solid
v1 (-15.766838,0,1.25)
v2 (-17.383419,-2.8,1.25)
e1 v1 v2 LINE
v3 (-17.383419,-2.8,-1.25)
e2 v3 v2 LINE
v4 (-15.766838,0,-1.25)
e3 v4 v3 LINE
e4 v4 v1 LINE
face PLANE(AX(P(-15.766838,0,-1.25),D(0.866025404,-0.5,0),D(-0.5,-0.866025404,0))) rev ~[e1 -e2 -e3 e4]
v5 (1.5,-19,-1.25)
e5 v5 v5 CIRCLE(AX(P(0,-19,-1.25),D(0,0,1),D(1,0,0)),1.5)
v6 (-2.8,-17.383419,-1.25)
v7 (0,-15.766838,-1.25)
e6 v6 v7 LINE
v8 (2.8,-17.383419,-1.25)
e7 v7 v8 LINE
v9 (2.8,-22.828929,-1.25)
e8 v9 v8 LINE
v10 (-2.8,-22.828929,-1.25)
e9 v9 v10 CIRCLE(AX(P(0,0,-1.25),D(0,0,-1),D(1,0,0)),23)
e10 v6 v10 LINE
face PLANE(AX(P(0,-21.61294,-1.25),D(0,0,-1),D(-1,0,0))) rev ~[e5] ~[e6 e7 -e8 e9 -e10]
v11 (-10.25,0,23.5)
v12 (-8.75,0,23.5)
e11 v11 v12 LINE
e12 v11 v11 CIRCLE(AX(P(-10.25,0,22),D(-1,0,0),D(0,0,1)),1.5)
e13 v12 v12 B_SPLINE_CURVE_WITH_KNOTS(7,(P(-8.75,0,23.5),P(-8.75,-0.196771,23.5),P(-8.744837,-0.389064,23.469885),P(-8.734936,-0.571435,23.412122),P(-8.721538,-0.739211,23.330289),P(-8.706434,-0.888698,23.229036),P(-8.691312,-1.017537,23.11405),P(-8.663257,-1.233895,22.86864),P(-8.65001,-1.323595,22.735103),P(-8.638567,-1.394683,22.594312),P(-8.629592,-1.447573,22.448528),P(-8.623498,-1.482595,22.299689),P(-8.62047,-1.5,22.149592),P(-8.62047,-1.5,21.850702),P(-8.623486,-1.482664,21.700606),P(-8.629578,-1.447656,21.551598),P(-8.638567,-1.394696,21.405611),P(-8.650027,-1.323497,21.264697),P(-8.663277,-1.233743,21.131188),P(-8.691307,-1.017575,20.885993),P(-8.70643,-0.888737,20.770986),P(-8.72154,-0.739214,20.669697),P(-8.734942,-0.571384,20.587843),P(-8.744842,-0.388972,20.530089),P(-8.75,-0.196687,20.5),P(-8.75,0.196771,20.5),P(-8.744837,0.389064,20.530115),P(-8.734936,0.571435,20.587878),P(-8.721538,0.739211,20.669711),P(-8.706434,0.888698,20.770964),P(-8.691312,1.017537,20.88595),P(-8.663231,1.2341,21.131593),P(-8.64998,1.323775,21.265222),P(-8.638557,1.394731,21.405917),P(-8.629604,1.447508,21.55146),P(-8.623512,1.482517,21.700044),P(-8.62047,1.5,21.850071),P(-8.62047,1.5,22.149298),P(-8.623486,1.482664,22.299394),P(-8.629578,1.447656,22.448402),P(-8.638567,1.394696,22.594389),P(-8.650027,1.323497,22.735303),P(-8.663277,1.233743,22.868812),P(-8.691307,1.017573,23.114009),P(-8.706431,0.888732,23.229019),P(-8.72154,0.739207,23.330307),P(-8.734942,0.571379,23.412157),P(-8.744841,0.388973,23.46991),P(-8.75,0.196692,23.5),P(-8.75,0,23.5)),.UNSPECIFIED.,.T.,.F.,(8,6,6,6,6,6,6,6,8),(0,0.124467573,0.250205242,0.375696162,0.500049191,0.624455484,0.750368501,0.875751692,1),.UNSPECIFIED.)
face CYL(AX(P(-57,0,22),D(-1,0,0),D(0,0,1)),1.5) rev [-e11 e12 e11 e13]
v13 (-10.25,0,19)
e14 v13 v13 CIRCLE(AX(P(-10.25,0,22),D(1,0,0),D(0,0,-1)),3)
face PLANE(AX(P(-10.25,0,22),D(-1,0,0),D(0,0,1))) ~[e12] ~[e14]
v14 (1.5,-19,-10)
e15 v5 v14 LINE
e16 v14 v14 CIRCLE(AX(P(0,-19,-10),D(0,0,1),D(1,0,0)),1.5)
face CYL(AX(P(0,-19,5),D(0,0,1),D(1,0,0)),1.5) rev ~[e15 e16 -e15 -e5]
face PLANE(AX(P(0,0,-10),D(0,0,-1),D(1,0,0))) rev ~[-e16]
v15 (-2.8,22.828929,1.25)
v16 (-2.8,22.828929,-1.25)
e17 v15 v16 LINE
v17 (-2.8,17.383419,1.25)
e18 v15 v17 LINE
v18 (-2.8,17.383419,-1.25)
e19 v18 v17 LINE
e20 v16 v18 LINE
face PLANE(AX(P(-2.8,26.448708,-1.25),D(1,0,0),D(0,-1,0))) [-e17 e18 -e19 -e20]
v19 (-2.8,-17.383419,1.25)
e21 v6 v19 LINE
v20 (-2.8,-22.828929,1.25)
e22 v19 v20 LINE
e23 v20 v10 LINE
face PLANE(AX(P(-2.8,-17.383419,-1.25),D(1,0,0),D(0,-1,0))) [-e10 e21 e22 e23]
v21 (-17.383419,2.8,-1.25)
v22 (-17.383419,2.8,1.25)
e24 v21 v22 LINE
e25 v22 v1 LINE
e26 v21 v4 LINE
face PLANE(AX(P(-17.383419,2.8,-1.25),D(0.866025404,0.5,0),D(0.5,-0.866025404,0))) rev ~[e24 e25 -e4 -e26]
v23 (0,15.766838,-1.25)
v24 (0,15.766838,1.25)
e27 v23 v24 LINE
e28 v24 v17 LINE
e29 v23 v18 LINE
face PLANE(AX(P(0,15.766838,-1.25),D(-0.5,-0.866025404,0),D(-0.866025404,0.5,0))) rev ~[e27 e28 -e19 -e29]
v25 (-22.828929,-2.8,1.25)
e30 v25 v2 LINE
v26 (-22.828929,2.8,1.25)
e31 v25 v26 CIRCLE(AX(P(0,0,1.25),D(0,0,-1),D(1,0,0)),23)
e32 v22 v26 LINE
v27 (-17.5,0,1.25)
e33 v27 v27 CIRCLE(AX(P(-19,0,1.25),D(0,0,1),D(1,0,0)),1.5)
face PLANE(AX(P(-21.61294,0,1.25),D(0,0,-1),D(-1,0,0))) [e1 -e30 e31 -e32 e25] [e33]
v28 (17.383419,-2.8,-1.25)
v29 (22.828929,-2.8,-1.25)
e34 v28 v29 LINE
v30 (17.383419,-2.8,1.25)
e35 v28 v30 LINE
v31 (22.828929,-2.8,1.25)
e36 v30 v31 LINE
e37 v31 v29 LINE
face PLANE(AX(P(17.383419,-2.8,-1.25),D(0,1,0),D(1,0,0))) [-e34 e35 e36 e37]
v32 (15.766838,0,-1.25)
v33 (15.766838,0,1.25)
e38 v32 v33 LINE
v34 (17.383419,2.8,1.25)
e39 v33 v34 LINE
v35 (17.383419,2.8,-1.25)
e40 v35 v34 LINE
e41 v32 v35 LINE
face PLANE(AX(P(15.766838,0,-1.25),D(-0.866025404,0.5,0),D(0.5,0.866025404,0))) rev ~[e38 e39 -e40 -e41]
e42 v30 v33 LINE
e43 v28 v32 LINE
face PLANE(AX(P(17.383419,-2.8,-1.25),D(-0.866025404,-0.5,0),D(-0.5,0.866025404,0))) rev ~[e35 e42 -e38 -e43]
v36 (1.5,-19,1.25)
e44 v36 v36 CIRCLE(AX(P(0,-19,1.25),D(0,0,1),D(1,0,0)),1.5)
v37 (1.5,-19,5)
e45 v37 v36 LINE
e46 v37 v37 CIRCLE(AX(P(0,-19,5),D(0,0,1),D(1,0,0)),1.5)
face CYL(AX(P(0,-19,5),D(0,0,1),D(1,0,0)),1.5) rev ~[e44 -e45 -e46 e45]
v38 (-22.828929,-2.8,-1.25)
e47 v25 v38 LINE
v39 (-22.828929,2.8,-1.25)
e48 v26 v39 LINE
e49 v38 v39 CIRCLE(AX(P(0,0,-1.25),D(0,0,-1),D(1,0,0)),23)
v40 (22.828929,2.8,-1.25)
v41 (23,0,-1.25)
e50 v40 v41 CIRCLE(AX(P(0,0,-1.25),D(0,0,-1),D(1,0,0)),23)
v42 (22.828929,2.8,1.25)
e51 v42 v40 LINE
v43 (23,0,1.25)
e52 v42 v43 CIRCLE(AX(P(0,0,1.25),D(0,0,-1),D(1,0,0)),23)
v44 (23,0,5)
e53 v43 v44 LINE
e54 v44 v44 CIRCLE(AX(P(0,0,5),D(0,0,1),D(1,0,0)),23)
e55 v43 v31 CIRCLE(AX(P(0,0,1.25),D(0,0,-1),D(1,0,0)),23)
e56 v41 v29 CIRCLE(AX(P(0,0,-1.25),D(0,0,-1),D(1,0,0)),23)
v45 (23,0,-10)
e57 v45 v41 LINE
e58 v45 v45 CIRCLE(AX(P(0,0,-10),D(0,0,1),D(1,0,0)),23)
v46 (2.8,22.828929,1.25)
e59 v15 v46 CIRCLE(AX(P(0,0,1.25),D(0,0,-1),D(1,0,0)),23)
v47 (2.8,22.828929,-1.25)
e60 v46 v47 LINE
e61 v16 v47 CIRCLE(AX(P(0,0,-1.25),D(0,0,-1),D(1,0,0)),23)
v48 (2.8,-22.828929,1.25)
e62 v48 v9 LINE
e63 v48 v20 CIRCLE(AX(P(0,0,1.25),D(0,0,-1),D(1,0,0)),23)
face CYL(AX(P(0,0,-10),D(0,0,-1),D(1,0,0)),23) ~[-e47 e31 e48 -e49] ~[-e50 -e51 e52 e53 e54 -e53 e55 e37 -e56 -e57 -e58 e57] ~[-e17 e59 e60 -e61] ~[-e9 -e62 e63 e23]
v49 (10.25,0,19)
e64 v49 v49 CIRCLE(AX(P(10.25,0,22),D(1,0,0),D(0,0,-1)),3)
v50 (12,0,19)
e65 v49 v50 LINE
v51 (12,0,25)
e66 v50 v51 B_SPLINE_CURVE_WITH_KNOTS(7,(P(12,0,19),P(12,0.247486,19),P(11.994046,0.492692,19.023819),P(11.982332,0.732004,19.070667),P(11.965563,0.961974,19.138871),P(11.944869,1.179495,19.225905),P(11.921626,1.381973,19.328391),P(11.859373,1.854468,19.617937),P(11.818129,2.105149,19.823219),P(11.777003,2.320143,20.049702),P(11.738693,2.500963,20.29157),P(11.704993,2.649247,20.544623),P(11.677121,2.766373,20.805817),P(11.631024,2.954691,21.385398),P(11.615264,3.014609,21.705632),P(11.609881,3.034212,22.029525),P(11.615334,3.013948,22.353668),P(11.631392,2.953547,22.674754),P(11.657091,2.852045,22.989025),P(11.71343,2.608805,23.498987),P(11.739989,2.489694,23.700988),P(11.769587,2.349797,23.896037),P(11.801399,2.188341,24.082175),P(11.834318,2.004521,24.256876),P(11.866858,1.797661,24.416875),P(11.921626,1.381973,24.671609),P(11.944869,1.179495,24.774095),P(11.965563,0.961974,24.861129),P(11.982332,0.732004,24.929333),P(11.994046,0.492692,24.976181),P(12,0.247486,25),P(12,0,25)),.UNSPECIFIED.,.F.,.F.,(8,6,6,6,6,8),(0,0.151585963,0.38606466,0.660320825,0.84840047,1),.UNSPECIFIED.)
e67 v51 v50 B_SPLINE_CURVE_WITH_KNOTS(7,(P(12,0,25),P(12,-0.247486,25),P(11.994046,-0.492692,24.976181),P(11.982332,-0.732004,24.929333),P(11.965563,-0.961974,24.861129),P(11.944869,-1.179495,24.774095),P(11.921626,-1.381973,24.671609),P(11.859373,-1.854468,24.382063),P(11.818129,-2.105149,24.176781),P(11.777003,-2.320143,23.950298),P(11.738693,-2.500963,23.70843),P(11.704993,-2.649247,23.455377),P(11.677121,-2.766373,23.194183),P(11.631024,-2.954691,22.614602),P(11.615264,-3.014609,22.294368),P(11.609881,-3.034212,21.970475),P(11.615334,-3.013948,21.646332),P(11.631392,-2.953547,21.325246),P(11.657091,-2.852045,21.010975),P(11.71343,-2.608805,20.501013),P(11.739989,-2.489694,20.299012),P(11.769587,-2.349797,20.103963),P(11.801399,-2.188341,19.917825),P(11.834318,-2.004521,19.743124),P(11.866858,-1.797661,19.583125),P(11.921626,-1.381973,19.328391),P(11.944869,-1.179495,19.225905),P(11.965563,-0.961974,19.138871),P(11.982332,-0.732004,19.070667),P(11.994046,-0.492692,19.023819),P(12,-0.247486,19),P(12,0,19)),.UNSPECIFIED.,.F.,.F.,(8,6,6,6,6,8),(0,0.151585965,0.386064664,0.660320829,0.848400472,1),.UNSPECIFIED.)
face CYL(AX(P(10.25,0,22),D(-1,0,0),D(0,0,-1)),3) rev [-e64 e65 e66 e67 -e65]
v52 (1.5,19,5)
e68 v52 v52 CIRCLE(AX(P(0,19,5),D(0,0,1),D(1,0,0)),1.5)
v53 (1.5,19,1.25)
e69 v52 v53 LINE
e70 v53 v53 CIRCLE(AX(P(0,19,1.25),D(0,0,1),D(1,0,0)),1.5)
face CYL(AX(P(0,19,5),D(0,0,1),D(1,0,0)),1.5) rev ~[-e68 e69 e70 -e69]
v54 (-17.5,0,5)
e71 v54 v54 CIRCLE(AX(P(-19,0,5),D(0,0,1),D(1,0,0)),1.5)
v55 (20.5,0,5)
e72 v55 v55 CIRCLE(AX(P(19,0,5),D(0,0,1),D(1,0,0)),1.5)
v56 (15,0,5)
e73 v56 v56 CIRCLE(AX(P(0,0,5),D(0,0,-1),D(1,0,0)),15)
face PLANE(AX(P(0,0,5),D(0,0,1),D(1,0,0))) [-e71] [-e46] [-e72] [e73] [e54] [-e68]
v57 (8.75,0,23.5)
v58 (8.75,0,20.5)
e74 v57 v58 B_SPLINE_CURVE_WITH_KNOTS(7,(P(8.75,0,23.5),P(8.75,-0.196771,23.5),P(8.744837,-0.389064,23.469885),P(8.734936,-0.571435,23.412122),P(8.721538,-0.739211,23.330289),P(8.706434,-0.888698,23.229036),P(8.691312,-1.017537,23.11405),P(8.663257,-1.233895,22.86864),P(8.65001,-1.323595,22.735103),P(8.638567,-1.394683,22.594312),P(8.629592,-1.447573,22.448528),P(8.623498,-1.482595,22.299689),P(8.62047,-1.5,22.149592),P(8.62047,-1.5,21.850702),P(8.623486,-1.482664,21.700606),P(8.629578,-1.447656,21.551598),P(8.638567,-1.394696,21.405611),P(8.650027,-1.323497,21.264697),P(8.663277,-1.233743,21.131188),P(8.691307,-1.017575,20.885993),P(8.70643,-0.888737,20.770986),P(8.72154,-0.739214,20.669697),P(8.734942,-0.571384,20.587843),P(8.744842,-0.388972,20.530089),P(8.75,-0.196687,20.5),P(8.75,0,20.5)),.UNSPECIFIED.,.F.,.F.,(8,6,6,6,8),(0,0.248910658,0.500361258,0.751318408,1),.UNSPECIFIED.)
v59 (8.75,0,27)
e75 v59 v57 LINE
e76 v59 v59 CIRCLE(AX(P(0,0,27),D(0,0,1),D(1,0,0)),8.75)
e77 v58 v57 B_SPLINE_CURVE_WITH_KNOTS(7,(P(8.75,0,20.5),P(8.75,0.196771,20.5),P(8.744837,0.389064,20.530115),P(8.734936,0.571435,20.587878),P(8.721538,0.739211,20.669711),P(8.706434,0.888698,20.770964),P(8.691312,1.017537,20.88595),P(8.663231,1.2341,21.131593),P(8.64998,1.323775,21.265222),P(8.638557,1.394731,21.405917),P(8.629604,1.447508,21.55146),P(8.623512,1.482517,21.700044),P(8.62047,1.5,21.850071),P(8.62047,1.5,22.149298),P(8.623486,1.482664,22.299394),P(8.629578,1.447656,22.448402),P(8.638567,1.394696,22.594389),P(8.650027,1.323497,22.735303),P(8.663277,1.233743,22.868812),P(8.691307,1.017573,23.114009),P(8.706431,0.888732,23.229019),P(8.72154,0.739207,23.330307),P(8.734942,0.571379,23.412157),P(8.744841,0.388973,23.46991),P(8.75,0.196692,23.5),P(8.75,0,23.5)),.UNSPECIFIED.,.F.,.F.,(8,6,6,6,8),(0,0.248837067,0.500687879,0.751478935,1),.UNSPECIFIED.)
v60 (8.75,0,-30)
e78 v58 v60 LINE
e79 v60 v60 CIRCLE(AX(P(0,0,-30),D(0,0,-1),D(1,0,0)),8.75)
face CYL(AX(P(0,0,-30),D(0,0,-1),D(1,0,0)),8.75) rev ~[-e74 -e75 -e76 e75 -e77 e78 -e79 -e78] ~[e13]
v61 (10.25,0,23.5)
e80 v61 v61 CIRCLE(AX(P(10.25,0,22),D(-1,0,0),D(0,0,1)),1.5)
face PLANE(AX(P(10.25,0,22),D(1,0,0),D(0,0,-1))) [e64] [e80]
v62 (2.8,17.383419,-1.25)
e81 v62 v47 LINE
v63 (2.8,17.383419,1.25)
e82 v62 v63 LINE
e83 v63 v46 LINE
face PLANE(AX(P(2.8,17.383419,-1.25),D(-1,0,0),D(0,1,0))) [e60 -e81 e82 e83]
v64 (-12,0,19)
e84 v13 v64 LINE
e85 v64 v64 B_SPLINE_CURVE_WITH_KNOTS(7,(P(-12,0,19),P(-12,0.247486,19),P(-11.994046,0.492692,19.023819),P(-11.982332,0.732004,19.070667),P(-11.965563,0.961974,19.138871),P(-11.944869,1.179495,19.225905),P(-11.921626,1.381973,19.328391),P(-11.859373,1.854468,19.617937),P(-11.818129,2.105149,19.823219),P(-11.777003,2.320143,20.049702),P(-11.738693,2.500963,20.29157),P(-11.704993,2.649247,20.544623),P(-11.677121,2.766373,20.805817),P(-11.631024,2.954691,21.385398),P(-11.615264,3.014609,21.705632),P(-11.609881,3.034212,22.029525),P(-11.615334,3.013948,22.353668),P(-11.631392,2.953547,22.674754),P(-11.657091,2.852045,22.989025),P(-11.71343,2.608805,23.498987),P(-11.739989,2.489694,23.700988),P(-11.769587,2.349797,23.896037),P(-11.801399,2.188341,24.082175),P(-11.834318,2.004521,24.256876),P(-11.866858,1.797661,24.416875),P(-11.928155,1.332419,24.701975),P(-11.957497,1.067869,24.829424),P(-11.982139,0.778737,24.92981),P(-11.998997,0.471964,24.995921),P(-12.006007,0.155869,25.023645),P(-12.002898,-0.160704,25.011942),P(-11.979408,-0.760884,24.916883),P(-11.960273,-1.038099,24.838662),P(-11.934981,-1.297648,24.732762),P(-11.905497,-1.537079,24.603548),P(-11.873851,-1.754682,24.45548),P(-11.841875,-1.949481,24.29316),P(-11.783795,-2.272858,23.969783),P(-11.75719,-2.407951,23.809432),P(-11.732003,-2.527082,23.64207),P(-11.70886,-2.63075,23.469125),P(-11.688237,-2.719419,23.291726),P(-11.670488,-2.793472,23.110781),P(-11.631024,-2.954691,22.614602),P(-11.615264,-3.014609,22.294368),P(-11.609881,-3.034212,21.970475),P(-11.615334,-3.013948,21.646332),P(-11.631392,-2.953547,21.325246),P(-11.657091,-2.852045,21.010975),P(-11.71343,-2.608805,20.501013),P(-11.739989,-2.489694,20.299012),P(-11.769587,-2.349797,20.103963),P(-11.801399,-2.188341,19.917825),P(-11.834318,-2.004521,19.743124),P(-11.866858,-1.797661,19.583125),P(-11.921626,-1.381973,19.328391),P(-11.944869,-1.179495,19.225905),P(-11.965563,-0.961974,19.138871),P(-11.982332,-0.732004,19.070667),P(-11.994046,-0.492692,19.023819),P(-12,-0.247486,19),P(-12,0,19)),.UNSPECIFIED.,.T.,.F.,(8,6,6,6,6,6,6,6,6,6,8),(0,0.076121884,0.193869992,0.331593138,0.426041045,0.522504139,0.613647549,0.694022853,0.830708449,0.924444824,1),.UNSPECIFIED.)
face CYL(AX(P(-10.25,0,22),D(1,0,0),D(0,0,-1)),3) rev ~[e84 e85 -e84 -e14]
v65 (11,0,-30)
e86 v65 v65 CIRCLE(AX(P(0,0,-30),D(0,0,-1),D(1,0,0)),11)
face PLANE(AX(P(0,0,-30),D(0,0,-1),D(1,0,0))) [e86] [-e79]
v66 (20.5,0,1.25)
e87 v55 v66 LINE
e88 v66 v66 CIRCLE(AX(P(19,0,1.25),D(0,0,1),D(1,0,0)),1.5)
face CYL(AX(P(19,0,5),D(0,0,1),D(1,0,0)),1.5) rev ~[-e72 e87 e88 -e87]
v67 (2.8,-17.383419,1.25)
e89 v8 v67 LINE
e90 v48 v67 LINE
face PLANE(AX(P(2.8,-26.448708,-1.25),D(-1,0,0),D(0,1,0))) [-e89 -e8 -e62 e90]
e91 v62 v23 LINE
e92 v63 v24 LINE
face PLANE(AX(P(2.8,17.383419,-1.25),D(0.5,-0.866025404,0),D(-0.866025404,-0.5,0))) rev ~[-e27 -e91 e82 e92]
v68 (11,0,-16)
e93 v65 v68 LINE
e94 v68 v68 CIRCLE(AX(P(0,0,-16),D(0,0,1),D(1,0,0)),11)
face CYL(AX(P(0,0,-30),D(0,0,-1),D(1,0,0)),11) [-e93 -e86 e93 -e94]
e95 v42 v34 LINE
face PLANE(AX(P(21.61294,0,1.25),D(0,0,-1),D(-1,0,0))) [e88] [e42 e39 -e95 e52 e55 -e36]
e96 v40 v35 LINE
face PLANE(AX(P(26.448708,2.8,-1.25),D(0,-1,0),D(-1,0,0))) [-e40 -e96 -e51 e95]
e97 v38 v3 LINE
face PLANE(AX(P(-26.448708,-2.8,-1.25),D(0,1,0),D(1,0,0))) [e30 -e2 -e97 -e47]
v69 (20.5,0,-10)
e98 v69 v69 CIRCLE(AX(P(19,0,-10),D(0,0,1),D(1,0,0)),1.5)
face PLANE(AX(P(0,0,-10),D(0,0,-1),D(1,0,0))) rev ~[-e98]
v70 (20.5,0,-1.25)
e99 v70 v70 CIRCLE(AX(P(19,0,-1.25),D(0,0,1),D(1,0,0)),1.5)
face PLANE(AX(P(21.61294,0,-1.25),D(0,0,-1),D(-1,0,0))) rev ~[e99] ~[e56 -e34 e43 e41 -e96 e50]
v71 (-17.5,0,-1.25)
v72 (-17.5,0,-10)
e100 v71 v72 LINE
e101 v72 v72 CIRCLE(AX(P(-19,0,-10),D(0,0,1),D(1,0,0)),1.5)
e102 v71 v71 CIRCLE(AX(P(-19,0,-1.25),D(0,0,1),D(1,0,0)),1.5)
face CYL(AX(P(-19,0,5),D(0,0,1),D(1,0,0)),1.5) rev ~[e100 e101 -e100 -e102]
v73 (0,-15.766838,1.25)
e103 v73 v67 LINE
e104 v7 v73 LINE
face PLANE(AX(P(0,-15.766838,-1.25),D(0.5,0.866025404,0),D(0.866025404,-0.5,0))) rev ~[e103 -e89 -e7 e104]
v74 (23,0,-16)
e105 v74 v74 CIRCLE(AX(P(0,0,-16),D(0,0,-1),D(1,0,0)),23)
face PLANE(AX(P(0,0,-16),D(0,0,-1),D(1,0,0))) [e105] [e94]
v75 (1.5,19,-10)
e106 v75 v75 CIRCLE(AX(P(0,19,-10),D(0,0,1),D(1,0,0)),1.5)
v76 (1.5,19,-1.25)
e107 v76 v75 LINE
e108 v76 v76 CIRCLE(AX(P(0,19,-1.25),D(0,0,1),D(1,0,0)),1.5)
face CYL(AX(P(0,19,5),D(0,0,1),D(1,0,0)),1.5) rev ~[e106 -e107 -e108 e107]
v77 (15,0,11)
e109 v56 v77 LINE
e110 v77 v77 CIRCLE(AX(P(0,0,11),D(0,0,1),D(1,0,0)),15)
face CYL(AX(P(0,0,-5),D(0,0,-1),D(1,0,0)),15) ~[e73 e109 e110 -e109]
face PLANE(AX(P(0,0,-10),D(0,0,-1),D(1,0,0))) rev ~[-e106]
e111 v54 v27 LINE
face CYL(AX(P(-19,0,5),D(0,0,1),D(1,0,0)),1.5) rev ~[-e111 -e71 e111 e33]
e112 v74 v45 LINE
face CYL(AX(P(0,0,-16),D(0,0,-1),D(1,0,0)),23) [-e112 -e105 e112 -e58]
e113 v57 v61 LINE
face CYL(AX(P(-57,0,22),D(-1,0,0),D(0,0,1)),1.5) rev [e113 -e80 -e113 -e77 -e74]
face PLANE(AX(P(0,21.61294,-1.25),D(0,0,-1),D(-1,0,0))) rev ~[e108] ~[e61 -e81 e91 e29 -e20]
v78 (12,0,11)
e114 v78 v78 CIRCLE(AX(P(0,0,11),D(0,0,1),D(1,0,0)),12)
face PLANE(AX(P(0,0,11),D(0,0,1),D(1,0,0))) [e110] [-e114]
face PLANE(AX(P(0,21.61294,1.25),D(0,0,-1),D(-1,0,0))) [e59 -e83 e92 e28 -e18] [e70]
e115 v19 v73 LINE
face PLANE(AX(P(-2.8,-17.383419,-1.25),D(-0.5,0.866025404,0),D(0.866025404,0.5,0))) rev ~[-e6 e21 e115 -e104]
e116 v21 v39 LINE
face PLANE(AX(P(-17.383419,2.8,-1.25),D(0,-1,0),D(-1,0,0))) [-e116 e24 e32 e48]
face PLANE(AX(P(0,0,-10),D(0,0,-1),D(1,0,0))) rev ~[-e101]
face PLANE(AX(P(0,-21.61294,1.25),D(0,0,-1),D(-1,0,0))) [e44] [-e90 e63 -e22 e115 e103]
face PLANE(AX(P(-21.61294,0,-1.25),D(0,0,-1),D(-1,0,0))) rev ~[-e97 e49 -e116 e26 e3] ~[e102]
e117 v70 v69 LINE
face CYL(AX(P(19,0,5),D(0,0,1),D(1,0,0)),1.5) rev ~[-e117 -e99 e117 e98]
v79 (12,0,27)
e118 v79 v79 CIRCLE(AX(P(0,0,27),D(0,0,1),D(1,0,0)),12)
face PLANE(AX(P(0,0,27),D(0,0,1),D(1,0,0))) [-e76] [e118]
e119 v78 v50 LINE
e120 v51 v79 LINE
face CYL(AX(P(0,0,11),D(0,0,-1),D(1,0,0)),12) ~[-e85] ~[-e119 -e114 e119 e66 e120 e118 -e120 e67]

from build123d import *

# Parameters (mm, degrees)
BOSS_EXTRUDE1_DEPTH      = 11
BOSS_EXTRUDE1_DEPTH_BACK = 5
SKETCH1_R                = 15
SKETCH1_R_2              = 13
BOSS_EXTRUDE2_DEPTH      = 5
BOSS_EXTRUDE2_DEPTH_BACK = 10
SKETCH2_R                = 23
SKETCH2_R_2              = 8.75
SKETCH6_R                = 1.5
CUT_EXTRUDE1_DEPTH       = 23
CUT_EXTRUDE2_DEPTH       = 1.25
CUT_EXTRUDE2_DEPTH_BACK  = 1.25
SKETCH13_R               = 13
SKETCH13_R_2             = 8.75
BOSS_EXTRUDE5_DEPTH      = 6
SKETCH14_R               = 12
SKETCH14_R_2             = 8.75
BOSS_EXTRUDE6_DEPTH      = 16
BOSS_EXTRUDE7_START      = 20
SKETCH17_R               = 11
SKETCH17_R_2             = 8.75
BOSS_EXTRUDE7_DEPTH      = 20
CUT_EXTRUDE3_DEPTH       = 57
CUT_EXTRUDE3_DEPTH_BACK  = 57
SKETCH18_R               = 1.5
SKETCH19_R               = 3
CUT_EXTRUDE4_DEPTH       = 14
BOSS_EXTRUDE8_START      = 6
SKETCH20_R               = 23
SKETCH20_R_2             = 11
BOSS_EXTRUDE8_DEPTH      = 6


with BuildPart() as part:
    # Sketch1 → Boss-Extrude1 (new, two sides: drawn at the far end of the back side and taken through both)
    with BuildSketch(Plane.XY.offset(-BOSS_EXTRUDE1_DEPTH_BACK)):
        Circle(SKETCH1_R)
        Circle(SKETCH1_R_2, mode=Mode.SUBTRACT)
    extrude(amount=BOSS_EXTRUDE1_DEPTH + BOSS_EXTRUDE1_DEPTH_BACK)

    # Sketch2 → Boss-Extrude2 (add, two sides: drawn at the far end of the back side and taken through both)
    with BuildSketch(Plane.XY.offset(-BOSS_EXTRUDE2_DEPTH_BACK)):
        Circle(SKETCH2_R)
        Circle(SKETCH2_R_2, mode=Mode.SUBTRACT)
    extrude(amount=BOSS_EXTRUDE2_DEPTH + BOSS_EXTRUDE2_DEPTH_BACK)

    # Sketch6 → Cut-Extrude1 (cut)
    with BuildSketch(Plane.XY.offset(5)):
        with Locations((0, 19)):
            Circle(SKETCH6_R)
        with Locations((19, 0)):
            Circle(SKETCH6_R)
        with Locations((0, -19)):
            Circle(SKETCH6_R)
        with Locations((-19, 0)):
            Circle(SKETCH6_R)
    extrude(amount=-CUT_EXTRUDE1_DEPTH, mode=Mode.SUBTRACT)

    # Sketch9 → Cut-Extrude2 (cut, two sides: drawn at the far end of the back side and taken through both)
    with BuildSketch(Plane.XY.offset(-CUT_EXTRUDE2_DEPTH_BACK)):
        Polygon((-2.8, 20.616580754), (-2.8, 26.448707706), (2.8, 26.448707706), (2.8, 20.616580754), (2.8, 17.383419246), (0, 15.766838493), (-2.8, 17.383419246), align=None)
        Polygon((20.616580754, 2.8), (26.448707706, 2.8), (26.448707706, -2.8), (20.616580754, -2.8), (17.383419246, -2.8), (15.766838493, 0), (17.383419246, 2.8), align=None)
        Polygon((2.8, -20.616580754), (2.8, -26.448707706), (-2.8, -26.448707706), (-2.8, -20.616580754), (-2.8, -17.383419246), (0, -15.766838493), (2.8, -17.383419246), align=None)
        Polygon((-20.616580754, -2.8), (-26.448707706, -2.8), (-26.448707706, 2.8), (-20.616580754, 2.8), (-17.383419246, 2.8), (-15.766838493, 0), (-17.383419246, -2.8), align=None)
    extrude(amount=CUT_EXTRUDE2_DEPTH + CUT_EXTRUDE2_DEPTH_BACK, mode=Mode.SUBTRACT)

    # Sketch13 → Boss-Extrude5 (add)
    with BuildSketch(Plane.XY.offset(5)):
        Circle(SKETCH13_R)
        Circle(SKETCH13_R_2, mode=Mode.SUBTRACT)
    extrude(amount=BOSS_EXTRUDE5_DEPTH)

    # Sketch14 → Boss-Extrude6 (add)
    with BuildSketch(Plane.XY.offset(11)):
        Circle(SKETCH14_R)
        Circle(SKETCH14_R_2, mode=Mode.SUBTRACT)
    extrude(amount=BOSS_EXTRUDE6_DEPTH)

    # Sketch17 → Boss-Extrude7 (add)
    with BuildSketch(Plane(origin=(0, 0, -10), x_dir=(-1, 0, 0), z_dir=(0, 0, -1)).offset(BOSS_EXTRUDE7_START)):
        with Locations(Location((0, 0, 0), (0, 0, 180))):
            Circle(SKETCH17_R)
        with Locations(Location((0, 0, 0), (0, 0, 180))):
            Circle(SKETCH17_R_2, mode=Mode.SUBTRACT)
    extrude(amount=-BOSS_EXTRUDE7_DEPTH)

    # Sketch18 → Cut-Extrude3 (cut, two sides: drawn at the far end of the back side and taken through both)
    with BuildSketch(Plane(origin=(0, 0, 0), x_dir=(0, 0, -1), z_dir=(1, 0, 0)).offset(-CUT_EXTRUDE3_DEPTH_BACK)):
        with Locations(Location((-22, 0, 0), (0, 0, 180))):
            Circle(SKETCH18_R)
    extrude(amount=CUT_EXTRUDE3_DEPTH + CUT_EXTRUDE3_DEPTH_BACK, mode=Mode.SUBTRACT)

    # Sketch19 → Cut-Extrude4 (cut)
    with BuildSketch(Plane(origin=(10.25, 0, 0), x_dir=(0, 0, -1), z_dir=(1, 0, 0))):
        with Locations((-22, 0)):
            Circle(SKETCH19_R)
    cut_extrude4 = extrude(amount=CUT_EXTRUDE4_DEPTH, mode=Mode.SUBTRACT)

    # Mirror1: Cut-Extrude4 across plane
    add(cut_extrude4.mirror(Plane(origin=(0, 0, 0), x_dir=(0, 0, 1), z_dir=(1, 0, 0))), mode=Mode.SUBTRACT)

    # Sketch20 → Boss-Extrude8 (add)
    with BuildSketch(Plane(origin=(0, 0, -10), x_dir=(-1, 0, 0), z_dir=(0, 0, -1)).offset(BOSS_EXTRUDE8_START)):
        with Locations(Location((0, 0, 0), (0, 0, 180))):
            Circle(SKETCH20_R)
        Circle(SKETCH20_R_2, mode=Mode.SUBTRACT)
    extrude(amount=-BOSS_EXTRUDE8_DEPTH)


solid = part.part
